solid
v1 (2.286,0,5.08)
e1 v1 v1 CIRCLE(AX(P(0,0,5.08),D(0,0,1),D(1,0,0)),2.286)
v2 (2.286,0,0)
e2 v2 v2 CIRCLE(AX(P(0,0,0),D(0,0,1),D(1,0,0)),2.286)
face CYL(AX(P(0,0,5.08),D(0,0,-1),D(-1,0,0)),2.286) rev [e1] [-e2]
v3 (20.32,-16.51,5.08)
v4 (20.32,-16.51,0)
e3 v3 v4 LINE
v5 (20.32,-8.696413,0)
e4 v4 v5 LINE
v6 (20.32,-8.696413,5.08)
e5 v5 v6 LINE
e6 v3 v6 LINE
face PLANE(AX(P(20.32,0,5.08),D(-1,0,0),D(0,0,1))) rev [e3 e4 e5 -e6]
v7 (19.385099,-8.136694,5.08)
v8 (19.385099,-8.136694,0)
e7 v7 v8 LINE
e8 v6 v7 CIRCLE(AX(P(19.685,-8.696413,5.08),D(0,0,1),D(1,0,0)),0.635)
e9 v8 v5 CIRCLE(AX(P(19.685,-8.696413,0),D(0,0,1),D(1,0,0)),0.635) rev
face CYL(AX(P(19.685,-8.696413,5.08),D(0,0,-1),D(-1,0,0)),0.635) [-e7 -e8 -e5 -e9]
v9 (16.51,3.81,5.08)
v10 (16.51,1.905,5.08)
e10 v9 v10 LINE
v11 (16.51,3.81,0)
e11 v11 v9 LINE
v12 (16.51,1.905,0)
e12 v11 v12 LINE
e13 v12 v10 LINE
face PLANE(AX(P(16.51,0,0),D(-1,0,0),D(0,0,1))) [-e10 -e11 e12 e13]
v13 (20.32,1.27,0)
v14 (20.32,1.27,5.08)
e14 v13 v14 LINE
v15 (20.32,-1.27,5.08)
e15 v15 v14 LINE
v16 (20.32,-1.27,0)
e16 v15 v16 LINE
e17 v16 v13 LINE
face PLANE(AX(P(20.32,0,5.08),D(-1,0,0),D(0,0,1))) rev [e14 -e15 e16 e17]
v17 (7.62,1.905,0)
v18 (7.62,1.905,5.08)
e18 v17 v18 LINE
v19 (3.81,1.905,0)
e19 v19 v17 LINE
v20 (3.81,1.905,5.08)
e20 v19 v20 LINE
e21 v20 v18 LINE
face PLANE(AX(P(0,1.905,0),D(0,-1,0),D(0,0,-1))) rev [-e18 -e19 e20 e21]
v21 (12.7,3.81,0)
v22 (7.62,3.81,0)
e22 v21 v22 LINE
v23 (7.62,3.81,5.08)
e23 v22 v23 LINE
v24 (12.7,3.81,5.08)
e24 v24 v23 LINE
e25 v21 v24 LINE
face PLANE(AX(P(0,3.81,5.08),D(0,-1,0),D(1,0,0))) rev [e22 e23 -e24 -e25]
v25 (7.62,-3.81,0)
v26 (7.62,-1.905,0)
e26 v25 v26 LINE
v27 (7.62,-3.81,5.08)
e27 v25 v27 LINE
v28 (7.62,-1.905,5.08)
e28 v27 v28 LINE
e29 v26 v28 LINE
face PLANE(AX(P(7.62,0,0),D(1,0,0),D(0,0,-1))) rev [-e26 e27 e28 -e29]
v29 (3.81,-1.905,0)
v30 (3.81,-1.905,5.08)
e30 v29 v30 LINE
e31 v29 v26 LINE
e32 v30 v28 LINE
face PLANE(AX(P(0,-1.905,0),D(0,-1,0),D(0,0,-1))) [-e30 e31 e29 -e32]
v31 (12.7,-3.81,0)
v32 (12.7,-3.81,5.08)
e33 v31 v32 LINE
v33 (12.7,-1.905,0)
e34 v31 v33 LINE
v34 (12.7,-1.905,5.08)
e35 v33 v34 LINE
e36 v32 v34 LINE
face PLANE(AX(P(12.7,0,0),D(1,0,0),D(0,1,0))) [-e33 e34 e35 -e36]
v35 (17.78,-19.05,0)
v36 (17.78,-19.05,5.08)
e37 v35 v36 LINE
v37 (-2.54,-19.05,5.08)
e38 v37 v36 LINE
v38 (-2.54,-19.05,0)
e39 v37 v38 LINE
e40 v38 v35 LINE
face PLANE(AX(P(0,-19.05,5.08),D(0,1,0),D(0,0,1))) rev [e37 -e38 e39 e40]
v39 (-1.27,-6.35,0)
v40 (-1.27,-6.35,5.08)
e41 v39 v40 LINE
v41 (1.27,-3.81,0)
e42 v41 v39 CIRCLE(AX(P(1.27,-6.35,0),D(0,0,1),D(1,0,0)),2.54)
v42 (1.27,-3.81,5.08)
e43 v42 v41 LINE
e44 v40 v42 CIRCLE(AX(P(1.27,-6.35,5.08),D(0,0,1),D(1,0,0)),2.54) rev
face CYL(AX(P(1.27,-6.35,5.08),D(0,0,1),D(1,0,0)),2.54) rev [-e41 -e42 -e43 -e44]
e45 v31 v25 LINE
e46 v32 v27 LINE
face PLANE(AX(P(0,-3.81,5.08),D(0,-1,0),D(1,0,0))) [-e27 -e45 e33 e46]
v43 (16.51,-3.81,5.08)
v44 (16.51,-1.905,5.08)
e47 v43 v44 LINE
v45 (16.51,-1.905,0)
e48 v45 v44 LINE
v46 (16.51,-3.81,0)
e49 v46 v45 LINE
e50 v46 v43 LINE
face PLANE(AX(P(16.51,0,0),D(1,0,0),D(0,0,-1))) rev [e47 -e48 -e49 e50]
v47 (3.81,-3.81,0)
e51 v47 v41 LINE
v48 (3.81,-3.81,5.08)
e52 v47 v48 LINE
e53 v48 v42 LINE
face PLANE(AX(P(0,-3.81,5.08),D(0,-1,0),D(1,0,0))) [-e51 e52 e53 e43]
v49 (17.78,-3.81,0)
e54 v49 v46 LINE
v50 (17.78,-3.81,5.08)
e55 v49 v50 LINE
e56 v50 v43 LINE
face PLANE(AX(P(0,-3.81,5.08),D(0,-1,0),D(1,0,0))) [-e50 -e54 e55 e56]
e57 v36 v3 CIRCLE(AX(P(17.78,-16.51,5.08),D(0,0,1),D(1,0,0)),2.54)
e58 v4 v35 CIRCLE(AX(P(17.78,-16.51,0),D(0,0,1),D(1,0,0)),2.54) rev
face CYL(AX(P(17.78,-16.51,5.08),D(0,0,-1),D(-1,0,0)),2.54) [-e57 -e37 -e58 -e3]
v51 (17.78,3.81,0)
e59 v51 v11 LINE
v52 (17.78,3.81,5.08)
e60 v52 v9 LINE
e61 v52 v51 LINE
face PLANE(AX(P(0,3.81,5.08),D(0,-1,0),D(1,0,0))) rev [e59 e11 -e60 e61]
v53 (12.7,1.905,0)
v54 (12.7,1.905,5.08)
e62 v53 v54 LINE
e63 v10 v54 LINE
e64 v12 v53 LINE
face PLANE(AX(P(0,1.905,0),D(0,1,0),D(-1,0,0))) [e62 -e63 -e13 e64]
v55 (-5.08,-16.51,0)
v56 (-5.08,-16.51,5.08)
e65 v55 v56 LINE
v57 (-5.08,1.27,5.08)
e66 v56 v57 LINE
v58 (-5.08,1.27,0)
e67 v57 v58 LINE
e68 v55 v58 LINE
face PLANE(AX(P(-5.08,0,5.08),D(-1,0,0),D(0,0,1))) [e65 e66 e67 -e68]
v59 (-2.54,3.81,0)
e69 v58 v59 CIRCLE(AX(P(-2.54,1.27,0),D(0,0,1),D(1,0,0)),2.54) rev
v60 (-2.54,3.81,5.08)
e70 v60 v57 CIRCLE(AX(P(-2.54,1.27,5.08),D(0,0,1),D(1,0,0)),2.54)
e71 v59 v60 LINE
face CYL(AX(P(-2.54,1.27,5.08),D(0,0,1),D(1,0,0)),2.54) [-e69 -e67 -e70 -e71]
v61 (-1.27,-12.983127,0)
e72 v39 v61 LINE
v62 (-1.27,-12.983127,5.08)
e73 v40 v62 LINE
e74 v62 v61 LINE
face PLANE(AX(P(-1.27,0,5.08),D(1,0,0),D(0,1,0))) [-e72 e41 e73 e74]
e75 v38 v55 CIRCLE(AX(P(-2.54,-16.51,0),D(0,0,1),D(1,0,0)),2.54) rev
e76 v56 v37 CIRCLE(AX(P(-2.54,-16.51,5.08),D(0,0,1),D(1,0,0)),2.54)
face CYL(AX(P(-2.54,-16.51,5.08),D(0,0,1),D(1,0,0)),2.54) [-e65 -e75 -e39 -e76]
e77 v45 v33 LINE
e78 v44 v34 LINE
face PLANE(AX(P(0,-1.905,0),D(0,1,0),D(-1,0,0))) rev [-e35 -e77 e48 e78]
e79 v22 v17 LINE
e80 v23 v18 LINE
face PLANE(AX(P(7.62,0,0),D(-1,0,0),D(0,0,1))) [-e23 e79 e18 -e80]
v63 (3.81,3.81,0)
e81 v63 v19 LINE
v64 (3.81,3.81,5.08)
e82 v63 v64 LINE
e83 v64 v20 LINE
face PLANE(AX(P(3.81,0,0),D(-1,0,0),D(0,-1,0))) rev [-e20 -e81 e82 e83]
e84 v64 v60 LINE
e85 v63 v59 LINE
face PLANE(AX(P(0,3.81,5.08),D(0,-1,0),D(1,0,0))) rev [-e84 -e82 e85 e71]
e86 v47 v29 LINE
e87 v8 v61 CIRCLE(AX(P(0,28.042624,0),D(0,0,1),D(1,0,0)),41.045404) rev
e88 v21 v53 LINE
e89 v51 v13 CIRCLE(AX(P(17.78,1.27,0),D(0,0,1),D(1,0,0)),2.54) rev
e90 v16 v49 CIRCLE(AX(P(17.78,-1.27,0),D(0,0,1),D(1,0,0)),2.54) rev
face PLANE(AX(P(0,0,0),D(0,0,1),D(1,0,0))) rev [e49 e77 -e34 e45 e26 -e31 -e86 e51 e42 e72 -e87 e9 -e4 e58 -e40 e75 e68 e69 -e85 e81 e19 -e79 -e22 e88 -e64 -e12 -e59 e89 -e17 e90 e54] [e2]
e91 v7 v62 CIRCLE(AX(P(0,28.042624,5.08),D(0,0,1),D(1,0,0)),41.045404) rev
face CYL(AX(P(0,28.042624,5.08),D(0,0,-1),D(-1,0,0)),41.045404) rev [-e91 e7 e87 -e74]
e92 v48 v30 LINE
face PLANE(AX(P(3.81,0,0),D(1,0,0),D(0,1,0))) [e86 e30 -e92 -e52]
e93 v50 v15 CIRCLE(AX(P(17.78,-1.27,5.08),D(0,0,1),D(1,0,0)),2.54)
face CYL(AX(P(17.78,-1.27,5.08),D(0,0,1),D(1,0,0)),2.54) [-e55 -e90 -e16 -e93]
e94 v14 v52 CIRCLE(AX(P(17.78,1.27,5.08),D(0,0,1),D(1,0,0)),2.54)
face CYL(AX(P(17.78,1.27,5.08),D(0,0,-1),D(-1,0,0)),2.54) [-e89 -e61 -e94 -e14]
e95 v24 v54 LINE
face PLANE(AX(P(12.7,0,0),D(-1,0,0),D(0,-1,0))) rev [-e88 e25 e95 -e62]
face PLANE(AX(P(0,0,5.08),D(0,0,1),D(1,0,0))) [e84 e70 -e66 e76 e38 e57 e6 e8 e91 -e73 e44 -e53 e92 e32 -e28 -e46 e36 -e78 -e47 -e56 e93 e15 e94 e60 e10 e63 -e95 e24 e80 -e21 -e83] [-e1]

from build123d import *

# Parameters (mm, degrees)
SKETCH2_R           = 2.286
BOSS_EXTRUDE1_DEPTH = 5.08
FILLET1_R           = 2.54
FILLET2_R           = 0.635
SKETCH3_W           = 3.81
SKETCH3_H           = 1.905
CUT_EXTRUDE1_DEPTH  = 6.08


with BuildPart() as part:
    # Sketch2 → Boss-Extrude1 (new body)
    with BuildSketch(Plane.XY):
        with BuildLine():
            ThreePointArc((20.32, -7.62), (9.895271997, -11.792143987), (-1.27, -12.983127033))
            Line((-1.27, -12.983127033), (-1.27, -3.81))
            Line((-1.27, -3.81), (20.32, -3.81))
            Line((20.32, -3.81), (20.32, 3.81))
            Line((20.32, 3.81), (-5.08, 3.81))
            Line((-5.08, 3.81), (-5.08, -19.05))
            Line((-5.08, -19.05), (20.32, -19.05))
            Line((20.32, -19.05), (20.32, -7.62))
        make_face()
        Circle(SKETCH2_R, mode=Mode.SUBTRACT)
    extrude(amount=BOSS_EXTRUDE1_DEPTH)

    # Fillet1
    fillet1_edges = [part.edges().sort_by_distance(p)[0] for p in [
        (-5.08, 3.81, 2.54),
        (20.32, 3.81, 2.54),
        (20.32, -3.81, 2.54),
        (-1.27, -3.81, 2.54),
        (20.32, -19.05, 2.54),
        (-5.08, -19.05, 2.54),
    ]]
    fillet(fillet1_edges, radius=FILLET1_R)

    # Fillet2
    fillet2_edges = [part.edges().sort_by_distance(p)[0] for p in [
        (20.32, -7.62, 2.54),
    ]]
    fillet(fillet2_edges, radius=FILLET2_R)

    # Sketch3 → Cut-Extrude1 (cut, through all)
    with BuildSketch(Plane.XY.offset(5.08)):
        with Locations((5.715, 2.8575)):
            Rectangle(SKETCH3_W, SKETCH3_H)
        with Locations((5.715, -2.8575)):
            Rectangle(SKETCH3_W, SKETCH3_H)
        with Locations((14.605, 2.8575)):
            Rectangle(SKETCH3_W, SKETCH3_H)
        with Locations((14.605, -2.8575)):
            Rectangle(SKETCH3_W, SKETCH3_H)
    extrude(amount=-CUT_EXTRUDE1_DEPTH, mode=Mode.SUBTRACT)


solid = part.part
